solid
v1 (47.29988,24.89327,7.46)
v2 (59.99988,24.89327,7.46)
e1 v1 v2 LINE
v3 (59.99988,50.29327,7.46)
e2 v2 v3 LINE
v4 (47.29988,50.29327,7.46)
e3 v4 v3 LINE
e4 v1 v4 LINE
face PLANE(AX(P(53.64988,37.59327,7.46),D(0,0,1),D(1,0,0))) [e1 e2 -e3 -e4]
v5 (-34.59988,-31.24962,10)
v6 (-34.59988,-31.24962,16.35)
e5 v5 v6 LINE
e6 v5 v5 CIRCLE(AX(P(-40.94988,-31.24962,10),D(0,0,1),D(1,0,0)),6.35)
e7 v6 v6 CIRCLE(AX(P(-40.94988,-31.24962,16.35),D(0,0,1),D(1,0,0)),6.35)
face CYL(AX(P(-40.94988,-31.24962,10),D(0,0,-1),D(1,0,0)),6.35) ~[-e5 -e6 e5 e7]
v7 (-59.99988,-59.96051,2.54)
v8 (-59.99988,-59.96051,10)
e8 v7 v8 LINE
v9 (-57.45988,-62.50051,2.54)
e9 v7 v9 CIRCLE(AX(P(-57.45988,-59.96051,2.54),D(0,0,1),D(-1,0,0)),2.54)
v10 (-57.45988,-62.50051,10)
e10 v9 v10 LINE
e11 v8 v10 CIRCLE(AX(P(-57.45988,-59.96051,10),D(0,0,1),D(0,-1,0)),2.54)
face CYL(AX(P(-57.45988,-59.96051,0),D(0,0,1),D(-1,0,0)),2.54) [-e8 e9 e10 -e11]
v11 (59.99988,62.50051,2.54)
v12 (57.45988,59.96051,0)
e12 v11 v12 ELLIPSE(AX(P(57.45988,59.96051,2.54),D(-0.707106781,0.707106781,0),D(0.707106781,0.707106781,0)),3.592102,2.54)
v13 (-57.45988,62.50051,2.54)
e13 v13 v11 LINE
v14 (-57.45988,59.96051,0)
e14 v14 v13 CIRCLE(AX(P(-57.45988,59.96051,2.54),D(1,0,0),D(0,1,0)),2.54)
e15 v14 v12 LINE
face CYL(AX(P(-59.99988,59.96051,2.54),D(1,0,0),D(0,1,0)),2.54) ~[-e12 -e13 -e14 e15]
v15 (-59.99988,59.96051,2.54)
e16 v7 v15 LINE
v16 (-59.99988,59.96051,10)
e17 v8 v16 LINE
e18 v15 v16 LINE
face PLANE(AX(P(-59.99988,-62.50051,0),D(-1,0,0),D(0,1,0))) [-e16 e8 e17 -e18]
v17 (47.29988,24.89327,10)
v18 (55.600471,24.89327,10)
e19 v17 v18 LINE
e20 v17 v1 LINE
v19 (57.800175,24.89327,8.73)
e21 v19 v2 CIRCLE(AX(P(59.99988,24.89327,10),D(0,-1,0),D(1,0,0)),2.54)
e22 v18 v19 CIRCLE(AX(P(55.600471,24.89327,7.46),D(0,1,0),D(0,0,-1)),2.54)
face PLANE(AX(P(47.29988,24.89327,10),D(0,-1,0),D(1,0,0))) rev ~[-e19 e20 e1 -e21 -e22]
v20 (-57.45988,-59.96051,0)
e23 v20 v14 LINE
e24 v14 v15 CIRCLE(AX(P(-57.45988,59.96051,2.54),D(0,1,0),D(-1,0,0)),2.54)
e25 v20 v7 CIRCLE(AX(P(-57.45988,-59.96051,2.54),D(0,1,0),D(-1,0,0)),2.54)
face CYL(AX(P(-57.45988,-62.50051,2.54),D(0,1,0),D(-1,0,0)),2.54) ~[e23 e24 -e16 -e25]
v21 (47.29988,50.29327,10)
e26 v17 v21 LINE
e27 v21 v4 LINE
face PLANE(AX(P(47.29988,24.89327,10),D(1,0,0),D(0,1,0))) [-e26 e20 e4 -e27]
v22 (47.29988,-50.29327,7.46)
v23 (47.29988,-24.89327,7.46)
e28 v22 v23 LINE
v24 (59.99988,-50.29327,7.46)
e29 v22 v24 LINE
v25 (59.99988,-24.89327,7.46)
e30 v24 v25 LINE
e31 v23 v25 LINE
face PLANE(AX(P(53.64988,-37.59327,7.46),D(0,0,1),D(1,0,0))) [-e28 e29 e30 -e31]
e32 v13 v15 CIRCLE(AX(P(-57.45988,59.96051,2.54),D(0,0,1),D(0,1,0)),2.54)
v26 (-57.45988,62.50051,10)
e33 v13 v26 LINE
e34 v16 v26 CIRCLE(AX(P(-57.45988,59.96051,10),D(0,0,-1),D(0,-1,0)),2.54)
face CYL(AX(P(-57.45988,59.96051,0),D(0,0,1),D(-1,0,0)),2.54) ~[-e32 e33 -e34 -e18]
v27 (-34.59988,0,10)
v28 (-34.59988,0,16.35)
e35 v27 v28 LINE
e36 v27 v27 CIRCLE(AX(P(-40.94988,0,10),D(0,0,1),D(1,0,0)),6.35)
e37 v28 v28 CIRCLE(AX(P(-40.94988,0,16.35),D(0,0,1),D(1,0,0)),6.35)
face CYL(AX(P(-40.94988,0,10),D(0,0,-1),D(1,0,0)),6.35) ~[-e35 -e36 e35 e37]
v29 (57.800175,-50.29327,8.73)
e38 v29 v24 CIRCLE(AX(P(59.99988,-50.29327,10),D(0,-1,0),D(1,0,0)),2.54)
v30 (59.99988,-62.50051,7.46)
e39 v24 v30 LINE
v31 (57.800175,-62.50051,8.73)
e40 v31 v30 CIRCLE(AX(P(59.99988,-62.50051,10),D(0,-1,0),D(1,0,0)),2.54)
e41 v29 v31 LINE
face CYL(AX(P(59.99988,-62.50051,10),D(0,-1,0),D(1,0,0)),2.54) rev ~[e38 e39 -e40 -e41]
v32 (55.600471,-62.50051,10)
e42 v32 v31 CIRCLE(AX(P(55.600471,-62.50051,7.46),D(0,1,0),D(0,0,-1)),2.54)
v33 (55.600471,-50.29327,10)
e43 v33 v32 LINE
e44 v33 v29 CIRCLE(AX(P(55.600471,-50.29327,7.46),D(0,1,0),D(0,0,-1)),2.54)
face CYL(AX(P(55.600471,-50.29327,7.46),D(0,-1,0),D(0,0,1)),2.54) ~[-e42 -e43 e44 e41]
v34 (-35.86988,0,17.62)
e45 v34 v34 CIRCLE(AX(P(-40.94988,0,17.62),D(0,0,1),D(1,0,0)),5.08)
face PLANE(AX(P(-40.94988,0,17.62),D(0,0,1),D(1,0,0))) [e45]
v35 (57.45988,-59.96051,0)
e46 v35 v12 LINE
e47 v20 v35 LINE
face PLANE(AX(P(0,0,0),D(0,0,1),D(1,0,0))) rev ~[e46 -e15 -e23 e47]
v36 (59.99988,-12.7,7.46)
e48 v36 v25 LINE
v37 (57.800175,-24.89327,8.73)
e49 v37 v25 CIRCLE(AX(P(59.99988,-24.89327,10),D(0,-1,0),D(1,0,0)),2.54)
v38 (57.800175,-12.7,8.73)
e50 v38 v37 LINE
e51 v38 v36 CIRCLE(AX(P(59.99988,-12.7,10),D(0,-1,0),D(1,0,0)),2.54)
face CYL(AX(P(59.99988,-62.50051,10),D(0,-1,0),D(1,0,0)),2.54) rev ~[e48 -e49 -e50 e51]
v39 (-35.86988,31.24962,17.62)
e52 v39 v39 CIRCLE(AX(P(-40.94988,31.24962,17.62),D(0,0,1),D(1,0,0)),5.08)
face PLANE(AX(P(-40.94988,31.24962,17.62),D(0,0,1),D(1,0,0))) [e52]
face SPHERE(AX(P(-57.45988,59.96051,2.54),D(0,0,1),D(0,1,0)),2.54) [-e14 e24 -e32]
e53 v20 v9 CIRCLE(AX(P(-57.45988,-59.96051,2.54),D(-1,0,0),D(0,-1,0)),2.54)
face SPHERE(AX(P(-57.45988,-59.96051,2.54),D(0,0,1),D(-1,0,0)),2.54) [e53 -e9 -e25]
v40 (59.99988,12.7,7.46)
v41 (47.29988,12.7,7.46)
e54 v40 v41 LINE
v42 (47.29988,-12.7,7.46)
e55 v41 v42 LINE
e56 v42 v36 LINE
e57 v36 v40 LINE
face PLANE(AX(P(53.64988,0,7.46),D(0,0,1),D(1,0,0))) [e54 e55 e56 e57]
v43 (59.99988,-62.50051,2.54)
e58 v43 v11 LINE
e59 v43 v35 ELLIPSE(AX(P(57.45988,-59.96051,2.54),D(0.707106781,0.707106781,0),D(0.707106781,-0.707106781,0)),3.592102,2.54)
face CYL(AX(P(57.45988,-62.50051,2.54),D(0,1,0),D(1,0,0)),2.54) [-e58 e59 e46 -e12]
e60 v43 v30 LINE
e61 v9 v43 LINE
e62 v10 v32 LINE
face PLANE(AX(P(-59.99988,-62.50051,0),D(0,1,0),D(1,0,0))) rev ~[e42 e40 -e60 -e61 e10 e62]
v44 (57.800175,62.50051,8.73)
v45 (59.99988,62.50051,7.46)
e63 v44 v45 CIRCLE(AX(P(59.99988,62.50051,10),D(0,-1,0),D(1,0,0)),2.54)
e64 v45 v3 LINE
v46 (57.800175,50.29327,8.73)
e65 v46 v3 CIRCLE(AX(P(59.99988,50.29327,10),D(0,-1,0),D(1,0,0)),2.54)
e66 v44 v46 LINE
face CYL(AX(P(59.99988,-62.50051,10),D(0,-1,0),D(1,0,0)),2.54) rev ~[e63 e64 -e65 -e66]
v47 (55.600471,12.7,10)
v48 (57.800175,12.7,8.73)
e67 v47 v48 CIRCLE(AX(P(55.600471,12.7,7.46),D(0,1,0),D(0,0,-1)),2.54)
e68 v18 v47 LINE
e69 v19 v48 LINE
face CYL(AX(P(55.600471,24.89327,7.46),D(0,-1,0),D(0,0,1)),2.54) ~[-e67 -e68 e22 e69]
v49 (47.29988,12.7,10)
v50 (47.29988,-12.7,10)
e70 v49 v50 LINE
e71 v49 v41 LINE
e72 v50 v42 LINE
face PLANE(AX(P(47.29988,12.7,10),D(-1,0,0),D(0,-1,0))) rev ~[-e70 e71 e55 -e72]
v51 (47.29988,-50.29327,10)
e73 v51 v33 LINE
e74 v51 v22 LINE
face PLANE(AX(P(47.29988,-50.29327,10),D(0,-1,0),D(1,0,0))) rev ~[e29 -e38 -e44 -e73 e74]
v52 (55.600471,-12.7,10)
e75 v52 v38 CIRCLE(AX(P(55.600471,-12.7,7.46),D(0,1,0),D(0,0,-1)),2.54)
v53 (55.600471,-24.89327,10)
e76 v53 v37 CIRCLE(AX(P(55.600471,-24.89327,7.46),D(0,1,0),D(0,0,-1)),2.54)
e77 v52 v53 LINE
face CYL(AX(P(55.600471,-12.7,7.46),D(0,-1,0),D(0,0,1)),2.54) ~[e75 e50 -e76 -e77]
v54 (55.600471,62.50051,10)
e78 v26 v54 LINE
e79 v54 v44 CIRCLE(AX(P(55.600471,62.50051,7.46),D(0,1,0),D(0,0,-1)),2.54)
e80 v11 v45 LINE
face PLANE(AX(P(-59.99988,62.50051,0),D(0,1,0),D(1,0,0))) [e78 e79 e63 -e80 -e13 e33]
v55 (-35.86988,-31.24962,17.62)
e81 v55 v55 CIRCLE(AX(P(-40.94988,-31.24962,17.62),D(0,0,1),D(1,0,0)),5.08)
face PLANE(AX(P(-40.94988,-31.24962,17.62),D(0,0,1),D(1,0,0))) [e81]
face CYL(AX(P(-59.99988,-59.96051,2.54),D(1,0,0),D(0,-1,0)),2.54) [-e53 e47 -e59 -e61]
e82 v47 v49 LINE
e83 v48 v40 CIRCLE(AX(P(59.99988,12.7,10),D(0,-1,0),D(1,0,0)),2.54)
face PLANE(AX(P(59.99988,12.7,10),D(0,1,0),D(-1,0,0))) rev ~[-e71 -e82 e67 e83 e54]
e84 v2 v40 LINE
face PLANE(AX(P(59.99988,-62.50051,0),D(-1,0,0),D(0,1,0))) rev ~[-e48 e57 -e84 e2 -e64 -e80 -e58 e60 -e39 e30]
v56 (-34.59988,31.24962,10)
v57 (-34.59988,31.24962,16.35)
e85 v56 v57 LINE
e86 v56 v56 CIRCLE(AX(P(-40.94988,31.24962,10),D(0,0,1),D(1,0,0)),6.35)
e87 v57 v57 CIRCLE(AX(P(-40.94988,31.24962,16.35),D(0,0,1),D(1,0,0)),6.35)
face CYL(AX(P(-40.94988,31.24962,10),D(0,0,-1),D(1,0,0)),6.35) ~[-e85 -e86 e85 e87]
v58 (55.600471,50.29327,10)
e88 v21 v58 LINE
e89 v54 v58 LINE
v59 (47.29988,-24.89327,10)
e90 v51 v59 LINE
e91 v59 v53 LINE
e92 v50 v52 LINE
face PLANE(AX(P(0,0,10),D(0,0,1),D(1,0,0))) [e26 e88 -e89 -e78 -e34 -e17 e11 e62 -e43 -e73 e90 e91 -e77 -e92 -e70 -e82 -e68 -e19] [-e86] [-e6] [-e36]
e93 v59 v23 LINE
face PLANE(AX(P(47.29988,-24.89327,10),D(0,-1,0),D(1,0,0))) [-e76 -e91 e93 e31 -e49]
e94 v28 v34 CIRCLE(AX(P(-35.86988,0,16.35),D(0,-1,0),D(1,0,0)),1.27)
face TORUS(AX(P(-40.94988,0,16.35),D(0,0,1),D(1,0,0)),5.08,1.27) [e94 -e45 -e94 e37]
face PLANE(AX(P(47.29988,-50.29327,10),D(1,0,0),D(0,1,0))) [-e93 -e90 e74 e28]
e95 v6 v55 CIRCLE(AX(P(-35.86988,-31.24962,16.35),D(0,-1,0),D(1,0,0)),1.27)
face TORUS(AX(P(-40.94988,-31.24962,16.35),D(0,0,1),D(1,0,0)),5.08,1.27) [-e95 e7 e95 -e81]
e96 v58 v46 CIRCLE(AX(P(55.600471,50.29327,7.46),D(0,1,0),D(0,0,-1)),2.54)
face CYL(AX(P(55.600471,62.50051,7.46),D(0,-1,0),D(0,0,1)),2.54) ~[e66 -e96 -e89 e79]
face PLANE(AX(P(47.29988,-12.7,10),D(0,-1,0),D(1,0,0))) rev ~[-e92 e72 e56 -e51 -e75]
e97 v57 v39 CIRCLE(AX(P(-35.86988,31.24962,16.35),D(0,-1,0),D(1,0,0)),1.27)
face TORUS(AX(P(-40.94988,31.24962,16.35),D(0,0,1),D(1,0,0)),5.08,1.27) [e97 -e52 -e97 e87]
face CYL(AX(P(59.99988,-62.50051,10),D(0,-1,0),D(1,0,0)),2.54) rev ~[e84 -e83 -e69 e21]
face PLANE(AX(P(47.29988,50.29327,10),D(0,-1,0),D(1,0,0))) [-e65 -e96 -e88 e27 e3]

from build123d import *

# Parameters (mm, degrees)
F0_W     = 119.99976
F0_H     = 125.00102
F1_DEPTH = 10
F2_W     = 12.7
F2_H     = 25.4
F3_DEPTH = 2.54
F4_R     = 6.35
F5_DEPTH = 7.62
F6_R     = 1.27
F7_R     = 2.54
F8_R     = 2.54
F9_DEPTH = 125.00202
F10_R    = 2.54


with BuildPart() as f1:
    # F0 (on Top) → F1 (new body)
    with BuildSketch(Plane.XY):
        Rectangle(F0_W, F0_H)
    extrude(amount=F1_DEPTH)

    # F2 (on face) → F3 (cut)
    with BuildSketch(Plane.XY.offset(10)):
        with Locations((53.64988, -37.59327)):
            Rectangle(F2_W, F2_H)
        Polygon((47.29988, -12.7), (59.99988, -12.7), (59.99988, 12.7), (47.29988, 12.7), (47.29988, 0), align=None)
        with Locations((53.64988, 37.59327)):
            Rectangle(F2_W, F2_H)
    extrude(amount=-F3_DEPTH, mode=Mode.SUBTRACT)

    # F4 (on face) → F5 (join)
    with BuildSketch(Plane.XY.offset(10)):
        with Locations((-40.94988, 0)):
            Circle(F4_R)
        with Locations((-40.94988, -31.24962)):
            Circle(F4_R)
        with Locations((-40.94988, 31.24962)):
            Circle(F4_R)
    extrude(amount=F5_DEPTH)

    # F6
    f6_edges = [f1.edges().sort_by_distance(p)[0] for p in [
        (-47.29988, -31.24962, 17.62),
        (-47.29988, 0, 17.62),
        (-47.29988, 31.24962, 17.62),
    ]]
    fillet(f6_edges, radius=F6_R)

    # F7
    f7_edges = [f1.edges().sort_by_distance(p)[0] for p in [
        (-59.99988, 62.50051, 5),
        (-59.99988, -62.50051, 5),
        (0, 62.50051, 0),
        (-59.99988, 0, 0),
        (0, -62.50051, 0),
        (59.99988, 0, 0),
    ]]
    fillet(f7_edges, radius=F7_R)

    # F8 (on face) → F9 (cut, through all)
    with BuildSketch(Plane.XZ.offset(62.50051)):
        with Locations((59.99988, 10)):
            Circle(F8_R)
    extrude(amount=-F9_DEPTH, mode=Mode.SUBTRACT)

    # F10
    f10_edges = [f1.edges().sort_by_distance(p)[0] for p in [
        (57.45988, 56.39689, 10),
        (57.45988, 18.796635, 10),
        (57.45988, -18.796635, 10),
        (57.45988, -56.39689, 10),
    ]]
    fillet(f10_edges, radius=F10_R)


solid = f1.part
